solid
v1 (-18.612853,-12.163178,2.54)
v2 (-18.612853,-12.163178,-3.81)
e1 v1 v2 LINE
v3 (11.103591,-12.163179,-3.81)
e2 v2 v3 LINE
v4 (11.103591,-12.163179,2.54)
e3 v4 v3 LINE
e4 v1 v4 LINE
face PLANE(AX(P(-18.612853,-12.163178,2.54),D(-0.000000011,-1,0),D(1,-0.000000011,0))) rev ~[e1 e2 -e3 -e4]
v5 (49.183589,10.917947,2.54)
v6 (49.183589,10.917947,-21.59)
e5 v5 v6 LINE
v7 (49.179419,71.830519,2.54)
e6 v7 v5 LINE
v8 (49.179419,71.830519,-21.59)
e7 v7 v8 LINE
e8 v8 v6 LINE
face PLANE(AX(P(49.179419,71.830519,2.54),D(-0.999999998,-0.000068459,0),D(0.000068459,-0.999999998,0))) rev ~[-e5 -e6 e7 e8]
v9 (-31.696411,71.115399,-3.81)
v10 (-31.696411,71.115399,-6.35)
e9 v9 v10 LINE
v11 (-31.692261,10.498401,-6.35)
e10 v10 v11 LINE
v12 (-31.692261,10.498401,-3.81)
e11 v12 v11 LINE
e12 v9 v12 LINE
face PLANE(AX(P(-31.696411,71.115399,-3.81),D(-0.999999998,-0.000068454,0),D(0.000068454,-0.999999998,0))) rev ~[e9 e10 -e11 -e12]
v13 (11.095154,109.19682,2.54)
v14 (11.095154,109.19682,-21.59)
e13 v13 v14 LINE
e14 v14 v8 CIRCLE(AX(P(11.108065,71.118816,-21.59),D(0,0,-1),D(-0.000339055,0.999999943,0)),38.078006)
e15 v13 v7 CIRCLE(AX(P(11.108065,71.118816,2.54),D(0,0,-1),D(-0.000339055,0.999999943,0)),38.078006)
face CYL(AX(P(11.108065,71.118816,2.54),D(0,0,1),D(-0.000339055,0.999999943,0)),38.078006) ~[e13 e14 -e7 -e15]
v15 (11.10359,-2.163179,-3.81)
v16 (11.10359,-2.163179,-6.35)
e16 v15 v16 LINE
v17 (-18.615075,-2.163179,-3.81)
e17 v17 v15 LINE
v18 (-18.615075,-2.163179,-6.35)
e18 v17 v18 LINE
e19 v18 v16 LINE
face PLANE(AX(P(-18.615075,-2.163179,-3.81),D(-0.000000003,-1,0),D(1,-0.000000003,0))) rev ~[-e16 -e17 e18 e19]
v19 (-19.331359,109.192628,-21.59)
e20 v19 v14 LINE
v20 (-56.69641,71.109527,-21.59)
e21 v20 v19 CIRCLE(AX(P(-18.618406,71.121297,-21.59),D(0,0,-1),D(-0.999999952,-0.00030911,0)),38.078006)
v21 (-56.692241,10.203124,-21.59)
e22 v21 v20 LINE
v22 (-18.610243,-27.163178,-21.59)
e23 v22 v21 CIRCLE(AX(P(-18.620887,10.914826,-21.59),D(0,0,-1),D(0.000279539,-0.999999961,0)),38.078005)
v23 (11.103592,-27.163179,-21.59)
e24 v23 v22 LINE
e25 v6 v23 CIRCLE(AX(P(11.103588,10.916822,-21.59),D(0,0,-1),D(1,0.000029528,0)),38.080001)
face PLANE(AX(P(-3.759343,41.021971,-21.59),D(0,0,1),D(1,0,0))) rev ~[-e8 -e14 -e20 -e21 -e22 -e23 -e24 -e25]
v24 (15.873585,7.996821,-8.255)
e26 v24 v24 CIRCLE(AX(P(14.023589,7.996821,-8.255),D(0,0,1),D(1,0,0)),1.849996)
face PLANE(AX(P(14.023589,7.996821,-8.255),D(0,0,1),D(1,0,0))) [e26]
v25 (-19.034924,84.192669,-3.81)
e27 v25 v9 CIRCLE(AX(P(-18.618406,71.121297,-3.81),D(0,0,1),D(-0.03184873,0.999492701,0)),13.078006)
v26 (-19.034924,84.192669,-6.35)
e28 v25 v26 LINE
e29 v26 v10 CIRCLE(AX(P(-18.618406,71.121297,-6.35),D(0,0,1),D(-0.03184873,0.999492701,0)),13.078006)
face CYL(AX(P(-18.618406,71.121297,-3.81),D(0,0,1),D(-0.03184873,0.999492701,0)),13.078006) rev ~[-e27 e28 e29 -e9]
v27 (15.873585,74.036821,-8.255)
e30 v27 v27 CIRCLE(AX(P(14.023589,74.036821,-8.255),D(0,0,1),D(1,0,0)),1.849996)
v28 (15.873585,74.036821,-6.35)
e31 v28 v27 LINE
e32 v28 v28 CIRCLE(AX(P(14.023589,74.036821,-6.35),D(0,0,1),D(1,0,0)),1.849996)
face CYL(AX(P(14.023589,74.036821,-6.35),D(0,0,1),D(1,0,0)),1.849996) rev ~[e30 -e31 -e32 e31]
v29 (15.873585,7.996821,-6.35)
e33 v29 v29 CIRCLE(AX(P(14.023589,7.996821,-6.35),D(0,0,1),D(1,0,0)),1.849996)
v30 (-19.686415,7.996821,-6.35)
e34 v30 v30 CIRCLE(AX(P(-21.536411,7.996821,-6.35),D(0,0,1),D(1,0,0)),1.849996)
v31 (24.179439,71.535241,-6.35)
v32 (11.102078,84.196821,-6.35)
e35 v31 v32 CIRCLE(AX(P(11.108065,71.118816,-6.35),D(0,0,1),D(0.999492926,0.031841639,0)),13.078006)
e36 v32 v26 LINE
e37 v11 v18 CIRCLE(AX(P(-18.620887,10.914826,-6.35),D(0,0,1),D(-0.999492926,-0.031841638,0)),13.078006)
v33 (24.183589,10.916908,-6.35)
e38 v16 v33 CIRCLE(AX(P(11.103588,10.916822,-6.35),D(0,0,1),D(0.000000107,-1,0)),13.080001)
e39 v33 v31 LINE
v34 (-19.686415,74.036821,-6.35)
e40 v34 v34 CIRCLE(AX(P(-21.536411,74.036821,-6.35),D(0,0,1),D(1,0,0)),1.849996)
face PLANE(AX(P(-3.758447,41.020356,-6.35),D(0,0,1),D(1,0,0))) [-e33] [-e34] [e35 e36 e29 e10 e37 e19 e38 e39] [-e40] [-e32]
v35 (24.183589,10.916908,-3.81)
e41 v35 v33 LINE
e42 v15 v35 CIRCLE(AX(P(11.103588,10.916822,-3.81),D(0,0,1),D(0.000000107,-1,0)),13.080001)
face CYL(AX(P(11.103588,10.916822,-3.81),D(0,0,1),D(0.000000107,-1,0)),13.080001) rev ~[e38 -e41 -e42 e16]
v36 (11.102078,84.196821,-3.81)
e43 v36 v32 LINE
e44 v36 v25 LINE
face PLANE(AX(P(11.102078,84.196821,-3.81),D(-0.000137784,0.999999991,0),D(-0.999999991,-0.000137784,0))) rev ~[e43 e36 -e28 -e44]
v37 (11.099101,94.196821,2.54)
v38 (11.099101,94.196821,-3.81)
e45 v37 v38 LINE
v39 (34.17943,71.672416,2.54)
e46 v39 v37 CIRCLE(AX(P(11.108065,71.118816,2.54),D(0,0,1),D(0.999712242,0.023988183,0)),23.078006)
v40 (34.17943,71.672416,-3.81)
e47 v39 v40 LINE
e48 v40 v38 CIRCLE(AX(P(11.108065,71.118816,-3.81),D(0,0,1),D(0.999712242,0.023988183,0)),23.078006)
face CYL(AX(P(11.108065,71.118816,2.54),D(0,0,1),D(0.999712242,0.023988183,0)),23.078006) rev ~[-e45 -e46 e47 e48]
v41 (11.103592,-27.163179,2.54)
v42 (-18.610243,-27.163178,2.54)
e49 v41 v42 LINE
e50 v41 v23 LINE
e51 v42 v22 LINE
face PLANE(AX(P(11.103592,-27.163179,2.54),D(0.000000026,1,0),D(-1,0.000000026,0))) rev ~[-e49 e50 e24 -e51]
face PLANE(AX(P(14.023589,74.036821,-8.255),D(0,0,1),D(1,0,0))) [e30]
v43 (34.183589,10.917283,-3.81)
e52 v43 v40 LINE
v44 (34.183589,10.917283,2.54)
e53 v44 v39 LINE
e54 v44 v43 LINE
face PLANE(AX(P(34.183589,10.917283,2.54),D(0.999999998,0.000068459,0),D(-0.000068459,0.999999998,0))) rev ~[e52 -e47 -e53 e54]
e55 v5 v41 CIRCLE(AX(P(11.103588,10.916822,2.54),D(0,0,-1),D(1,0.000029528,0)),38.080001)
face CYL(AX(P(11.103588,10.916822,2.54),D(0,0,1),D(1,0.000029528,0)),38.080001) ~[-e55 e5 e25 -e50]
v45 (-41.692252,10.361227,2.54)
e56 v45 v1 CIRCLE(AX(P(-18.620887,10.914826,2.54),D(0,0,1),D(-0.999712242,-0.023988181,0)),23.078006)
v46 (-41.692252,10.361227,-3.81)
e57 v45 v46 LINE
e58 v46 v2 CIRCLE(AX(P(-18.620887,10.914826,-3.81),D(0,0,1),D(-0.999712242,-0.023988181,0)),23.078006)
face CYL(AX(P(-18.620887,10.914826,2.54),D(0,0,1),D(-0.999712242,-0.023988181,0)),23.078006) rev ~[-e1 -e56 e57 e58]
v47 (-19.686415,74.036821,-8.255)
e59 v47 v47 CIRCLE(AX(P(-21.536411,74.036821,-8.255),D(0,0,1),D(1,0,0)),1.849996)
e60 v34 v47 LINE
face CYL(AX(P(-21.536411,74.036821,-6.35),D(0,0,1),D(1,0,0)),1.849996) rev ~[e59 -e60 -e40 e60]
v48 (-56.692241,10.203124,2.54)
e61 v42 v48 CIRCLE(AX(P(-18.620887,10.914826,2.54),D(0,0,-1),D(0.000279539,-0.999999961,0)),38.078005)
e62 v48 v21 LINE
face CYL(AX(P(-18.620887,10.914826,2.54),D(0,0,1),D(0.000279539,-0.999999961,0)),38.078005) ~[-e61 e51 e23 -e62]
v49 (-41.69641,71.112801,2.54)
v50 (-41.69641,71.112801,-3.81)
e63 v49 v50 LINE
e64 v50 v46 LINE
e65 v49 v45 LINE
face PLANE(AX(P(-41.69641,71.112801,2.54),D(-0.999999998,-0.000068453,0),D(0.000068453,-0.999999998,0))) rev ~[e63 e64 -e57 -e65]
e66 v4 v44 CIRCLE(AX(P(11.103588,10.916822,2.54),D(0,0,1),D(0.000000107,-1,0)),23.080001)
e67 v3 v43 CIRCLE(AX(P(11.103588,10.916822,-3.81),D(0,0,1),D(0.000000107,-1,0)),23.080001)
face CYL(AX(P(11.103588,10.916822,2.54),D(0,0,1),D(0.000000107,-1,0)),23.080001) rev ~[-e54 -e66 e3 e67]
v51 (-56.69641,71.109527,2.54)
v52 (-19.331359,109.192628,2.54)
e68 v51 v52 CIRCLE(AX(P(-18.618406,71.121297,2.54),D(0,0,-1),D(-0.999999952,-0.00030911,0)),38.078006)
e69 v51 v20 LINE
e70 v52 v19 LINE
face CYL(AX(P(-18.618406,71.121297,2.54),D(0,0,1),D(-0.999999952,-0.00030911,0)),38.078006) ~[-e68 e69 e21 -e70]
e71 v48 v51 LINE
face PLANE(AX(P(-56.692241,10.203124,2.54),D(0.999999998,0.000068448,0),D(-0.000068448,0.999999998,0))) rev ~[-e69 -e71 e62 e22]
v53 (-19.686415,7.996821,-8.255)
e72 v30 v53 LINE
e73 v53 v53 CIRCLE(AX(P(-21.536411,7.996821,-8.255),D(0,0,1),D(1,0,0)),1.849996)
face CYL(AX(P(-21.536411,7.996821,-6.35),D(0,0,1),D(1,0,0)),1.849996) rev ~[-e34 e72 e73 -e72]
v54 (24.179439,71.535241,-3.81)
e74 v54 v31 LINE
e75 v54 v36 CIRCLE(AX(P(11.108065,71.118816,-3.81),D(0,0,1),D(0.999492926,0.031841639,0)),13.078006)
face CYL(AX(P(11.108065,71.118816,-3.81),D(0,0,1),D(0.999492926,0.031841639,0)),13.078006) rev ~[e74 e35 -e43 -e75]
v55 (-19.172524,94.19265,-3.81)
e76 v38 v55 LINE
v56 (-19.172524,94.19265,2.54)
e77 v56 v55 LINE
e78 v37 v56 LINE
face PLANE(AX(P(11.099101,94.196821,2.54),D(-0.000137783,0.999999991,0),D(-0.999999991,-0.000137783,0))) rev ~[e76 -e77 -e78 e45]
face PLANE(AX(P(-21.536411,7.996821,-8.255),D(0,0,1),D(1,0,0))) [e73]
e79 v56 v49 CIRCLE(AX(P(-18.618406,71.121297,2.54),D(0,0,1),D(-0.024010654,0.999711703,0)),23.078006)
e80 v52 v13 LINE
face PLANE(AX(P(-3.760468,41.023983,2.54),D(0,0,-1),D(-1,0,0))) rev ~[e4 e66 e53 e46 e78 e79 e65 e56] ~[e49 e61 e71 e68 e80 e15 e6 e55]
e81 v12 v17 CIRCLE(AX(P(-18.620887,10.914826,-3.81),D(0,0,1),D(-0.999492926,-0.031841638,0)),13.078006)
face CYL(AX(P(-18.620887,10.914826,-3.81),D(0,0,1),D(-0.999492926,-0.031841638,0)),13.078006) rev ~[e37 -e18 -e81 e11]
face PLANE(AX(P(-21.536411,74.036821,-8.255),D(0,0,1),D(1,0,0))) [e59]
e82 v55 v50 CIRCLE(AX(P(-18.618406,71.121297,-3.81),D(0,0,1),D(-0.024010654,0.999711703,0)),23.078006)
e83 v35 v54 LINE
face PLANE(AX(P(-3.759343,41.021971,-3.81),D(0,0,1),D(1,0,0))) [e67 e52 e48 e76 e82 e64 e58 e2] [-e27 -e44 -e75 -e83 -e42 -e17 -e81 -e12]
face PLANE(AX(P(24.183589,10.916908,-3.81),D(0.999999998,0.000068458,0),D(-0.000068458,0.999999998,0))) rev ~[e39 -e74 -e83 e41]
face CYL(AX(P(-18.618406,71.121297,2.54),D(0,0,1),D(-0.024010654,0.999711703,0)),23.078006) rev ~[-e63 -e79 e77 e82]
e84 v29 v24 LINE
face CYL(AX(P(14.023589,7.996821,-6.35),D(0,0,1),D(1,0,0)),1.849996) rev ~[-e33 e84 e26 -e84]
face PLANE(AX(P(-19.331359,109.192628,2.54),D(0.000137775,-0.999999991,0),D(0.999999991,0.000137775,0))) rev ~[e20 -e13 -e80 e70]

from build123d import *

# Parameters (mm, degrees)
BOSS_EXTRUDE1_START = 2.54
BOSS_EXTRUDE1_DEPTH = 24.13
BOSS_EXTRUDE2_START = -3.81
BOSS_EXTRUDE2_DEPTH = 17.78
BOSS_EXTRUDE3_START = -6.35
BOSS_EXTRUDE3_DEPTH = 15.24
SKETCH6_R           = 1.8499963
CUT_EXTRUDE1_DEPTH  = 1.905


with BuildPart() as part:
    # Sketch3 → Boss-Extrude1 (new body)
    with BuildSketch(Plane.XY.offset(BOSS_EXTRUDE1_START)):
        with BuildLine():
            Line((49.179418991, 71.83051854), (49.183589013, 10.917946581))
            ThreePointArc((49.183589013, 10.917946581), (38.030613987, -16.009405686), (11.103592243, -27.163178684))
            Line((11.103592243, -27.163178684), (-18.610242915, -27.163177904))
            ThreePointArc((-18.610242915, -27.163177904), (-45.28949294, -16.264577298), (-56.692241, 10.203124182))
            Line((-56.692241, 10.203124182), (-56.6964099, 71.109527092))
            ThreePointArc((-56.6964099, 71.109527092), (-45.79864203, 97.789054805), (-19.33135902, 109.192627907))
            Line((-19.33135902, 109.192627907), (11.095154423, 109.196819916))
            ThreePointArc((11.095154423, 109.196819916), (37.775861992, 98.2990136), (49.179418991, 71.83051854))
        make_face()
        with BuildLine():
            ThreePointArc((34.179429779, 71.6724157), (27.226556901, 87.635128483), (11.099100878, 94.196820553))
            Line((11.099100878, 94.196820553), (-19.172523946, 94.192649649))
            ThreePointArc((-19.172523946, 94.192649649), (-35.134735798, 87.239771138), (-41.696410425, 71.112801401))
            Line((-41.696410425, 71.112801401), (-41.692251788, 10.361226959))
            ThreePointArc((-41.692251788, 10.361226959), (-34.73971192, -5.601160899), (-18.612853466, -12.163178358))
            Line((-18.612853466, -12.163178358), (11.103590646, -12.163178684))
            ThreePointArc((11.103590646, -12.163178684), (27.423777198, -5.403039043), (34.183589032, 10.91728329))
            Line((34.183589032, 10.91728329), (34.179429779, 71.6724157))
        make_face(mode=Mode.SUBTRACT)
    extrude(amount=-BOSS_EXTRUDE1_DEPTH)

    # Sketch4 → Boss-Extrude2 (add)
    with BuildSketch(Plane.XY.offset(BOSS_EXTRUDE2_START)):
        with BuildLine():
            Line((-18.612853466, -12.163178358), (11.103590646, -12.163178684))
            ThreePointArc((11.103590646, -12.163178684), (27.423777198, -5.403039043), (34.183589032, 10.91728329))
            Line((34.183589032, 10.91728329), (34.179429779, 71.6724157))
            ThreePointArc((34.179429779, 71.6724157), (27.226556901, 87.635128483), (11.099100878, 94.196820553))
            Line((11.099100878, 94.196820553), (-19.172523946, 94.192649649))
            ThreePointArc((-19.172523946, 94.192649649), (-35.134735798, 87.239771138), (-41.696410425, 71.112801401))
            Line((-41.696410425, 71.112801401), (-41.692251788, 10.361226959))
            ThreePointArc((-41.692251788, 10.361226959), (-34.73971192, -5.601160899), (-18.612853466, -12.163178358))
        make_face()
        with BuildLine():
            Line((-31.696410748, 71.115398672), (-31.692261274, 10.49840121))
            ThreePointArc((-31.692261274, 10.49840121), (-27.7179266, 1.519183246), (-18.615075252, -2.163178586))
            Line((-18.615075252, -2.163178586), (11.103589581, -2.163178687))
            ThreePointArc((11.103589581, -2.163178687), (20.352576379, 1.667895757), (24.183589038, 10.916908147))
            Line((24.183589038, 10.916908147), (24.179439208, 71.535241416))
            ThreePointArc((24.179439208, 71.535241416), (20.205041728, 80.514520126), (11.102078372, 84.196820986))
            Line((11.102078372, 84.196820986), (-19.034923813, 84.1926686))
            ThreePointArc((-19.034923813, 84.1926686), (-28.014111485, 80.21827234), (-31.696410748, 71.115398672))
        make_face(mode=Mode.SUBTRACT)
    extrude(amount=-BOSS_EXTRUDE2_DEPTH)

    # Sketch5 → Boss-Extrude3 (add)
    with BuildSketch(Plane.XY.offset(BOSS_EXTRUDE3_START)):
        with BuildLine():
            Line((-18.615075252, -2.163178586), (11.103589581, -2.163178687))
            ThreePointArc((11.103589581, -2.163178687), (20.352576379, 1.667895757), (24.183589038, 10.916908147))
            Line((24.183589038, 10.916908147), (24.179439208, 71.535241416))
            ThreePointArc((24.179439208, 71.535241416), (20.205041728, 80.514520126), (11.102078372, 84.196820986))
            Line((11.102078372, 84.196820986), (-19.034923813, 84.1926686))
            ThreePointArc((-19.034923813, 84.1926686), (-28.014111485, 80.21827234), (-31.696410748, 71.115398672))
            Line((-31.696410748, 71.115398672), (-31.692261274, 10.49840121))
            ThreePointArc((-31.692261274, 10.49840121), (-27.7179266, 1.519183246), (-18.615075252, -2.163178586))
        make_face()
    extrude(amount=-BOSS_EXTRUDE3_DEPTH)

    # Sketch6 → Cut-Extrude1 (cut)
    with BuildSketch(Plane.XY.offset(-6.35)):
        with Locations((-21.53641096, 74.036821312)):
            Circle(SKETCH6_R)
        with Locations((14.02358904, 74.036821312)):
            Circle(SKETCH6_R)
        with Locations((14.02358904, 7.996821312)):
            Circle(SKETCH6_R)
        with Locations((-21.53641096, 7.996821312)):
            Circle(SKETCH6_R)
    extrude(amount=-CUT_EXTRUDE1_DEPTH, mode=Mode.SUBTRACT)


solid = part.part
